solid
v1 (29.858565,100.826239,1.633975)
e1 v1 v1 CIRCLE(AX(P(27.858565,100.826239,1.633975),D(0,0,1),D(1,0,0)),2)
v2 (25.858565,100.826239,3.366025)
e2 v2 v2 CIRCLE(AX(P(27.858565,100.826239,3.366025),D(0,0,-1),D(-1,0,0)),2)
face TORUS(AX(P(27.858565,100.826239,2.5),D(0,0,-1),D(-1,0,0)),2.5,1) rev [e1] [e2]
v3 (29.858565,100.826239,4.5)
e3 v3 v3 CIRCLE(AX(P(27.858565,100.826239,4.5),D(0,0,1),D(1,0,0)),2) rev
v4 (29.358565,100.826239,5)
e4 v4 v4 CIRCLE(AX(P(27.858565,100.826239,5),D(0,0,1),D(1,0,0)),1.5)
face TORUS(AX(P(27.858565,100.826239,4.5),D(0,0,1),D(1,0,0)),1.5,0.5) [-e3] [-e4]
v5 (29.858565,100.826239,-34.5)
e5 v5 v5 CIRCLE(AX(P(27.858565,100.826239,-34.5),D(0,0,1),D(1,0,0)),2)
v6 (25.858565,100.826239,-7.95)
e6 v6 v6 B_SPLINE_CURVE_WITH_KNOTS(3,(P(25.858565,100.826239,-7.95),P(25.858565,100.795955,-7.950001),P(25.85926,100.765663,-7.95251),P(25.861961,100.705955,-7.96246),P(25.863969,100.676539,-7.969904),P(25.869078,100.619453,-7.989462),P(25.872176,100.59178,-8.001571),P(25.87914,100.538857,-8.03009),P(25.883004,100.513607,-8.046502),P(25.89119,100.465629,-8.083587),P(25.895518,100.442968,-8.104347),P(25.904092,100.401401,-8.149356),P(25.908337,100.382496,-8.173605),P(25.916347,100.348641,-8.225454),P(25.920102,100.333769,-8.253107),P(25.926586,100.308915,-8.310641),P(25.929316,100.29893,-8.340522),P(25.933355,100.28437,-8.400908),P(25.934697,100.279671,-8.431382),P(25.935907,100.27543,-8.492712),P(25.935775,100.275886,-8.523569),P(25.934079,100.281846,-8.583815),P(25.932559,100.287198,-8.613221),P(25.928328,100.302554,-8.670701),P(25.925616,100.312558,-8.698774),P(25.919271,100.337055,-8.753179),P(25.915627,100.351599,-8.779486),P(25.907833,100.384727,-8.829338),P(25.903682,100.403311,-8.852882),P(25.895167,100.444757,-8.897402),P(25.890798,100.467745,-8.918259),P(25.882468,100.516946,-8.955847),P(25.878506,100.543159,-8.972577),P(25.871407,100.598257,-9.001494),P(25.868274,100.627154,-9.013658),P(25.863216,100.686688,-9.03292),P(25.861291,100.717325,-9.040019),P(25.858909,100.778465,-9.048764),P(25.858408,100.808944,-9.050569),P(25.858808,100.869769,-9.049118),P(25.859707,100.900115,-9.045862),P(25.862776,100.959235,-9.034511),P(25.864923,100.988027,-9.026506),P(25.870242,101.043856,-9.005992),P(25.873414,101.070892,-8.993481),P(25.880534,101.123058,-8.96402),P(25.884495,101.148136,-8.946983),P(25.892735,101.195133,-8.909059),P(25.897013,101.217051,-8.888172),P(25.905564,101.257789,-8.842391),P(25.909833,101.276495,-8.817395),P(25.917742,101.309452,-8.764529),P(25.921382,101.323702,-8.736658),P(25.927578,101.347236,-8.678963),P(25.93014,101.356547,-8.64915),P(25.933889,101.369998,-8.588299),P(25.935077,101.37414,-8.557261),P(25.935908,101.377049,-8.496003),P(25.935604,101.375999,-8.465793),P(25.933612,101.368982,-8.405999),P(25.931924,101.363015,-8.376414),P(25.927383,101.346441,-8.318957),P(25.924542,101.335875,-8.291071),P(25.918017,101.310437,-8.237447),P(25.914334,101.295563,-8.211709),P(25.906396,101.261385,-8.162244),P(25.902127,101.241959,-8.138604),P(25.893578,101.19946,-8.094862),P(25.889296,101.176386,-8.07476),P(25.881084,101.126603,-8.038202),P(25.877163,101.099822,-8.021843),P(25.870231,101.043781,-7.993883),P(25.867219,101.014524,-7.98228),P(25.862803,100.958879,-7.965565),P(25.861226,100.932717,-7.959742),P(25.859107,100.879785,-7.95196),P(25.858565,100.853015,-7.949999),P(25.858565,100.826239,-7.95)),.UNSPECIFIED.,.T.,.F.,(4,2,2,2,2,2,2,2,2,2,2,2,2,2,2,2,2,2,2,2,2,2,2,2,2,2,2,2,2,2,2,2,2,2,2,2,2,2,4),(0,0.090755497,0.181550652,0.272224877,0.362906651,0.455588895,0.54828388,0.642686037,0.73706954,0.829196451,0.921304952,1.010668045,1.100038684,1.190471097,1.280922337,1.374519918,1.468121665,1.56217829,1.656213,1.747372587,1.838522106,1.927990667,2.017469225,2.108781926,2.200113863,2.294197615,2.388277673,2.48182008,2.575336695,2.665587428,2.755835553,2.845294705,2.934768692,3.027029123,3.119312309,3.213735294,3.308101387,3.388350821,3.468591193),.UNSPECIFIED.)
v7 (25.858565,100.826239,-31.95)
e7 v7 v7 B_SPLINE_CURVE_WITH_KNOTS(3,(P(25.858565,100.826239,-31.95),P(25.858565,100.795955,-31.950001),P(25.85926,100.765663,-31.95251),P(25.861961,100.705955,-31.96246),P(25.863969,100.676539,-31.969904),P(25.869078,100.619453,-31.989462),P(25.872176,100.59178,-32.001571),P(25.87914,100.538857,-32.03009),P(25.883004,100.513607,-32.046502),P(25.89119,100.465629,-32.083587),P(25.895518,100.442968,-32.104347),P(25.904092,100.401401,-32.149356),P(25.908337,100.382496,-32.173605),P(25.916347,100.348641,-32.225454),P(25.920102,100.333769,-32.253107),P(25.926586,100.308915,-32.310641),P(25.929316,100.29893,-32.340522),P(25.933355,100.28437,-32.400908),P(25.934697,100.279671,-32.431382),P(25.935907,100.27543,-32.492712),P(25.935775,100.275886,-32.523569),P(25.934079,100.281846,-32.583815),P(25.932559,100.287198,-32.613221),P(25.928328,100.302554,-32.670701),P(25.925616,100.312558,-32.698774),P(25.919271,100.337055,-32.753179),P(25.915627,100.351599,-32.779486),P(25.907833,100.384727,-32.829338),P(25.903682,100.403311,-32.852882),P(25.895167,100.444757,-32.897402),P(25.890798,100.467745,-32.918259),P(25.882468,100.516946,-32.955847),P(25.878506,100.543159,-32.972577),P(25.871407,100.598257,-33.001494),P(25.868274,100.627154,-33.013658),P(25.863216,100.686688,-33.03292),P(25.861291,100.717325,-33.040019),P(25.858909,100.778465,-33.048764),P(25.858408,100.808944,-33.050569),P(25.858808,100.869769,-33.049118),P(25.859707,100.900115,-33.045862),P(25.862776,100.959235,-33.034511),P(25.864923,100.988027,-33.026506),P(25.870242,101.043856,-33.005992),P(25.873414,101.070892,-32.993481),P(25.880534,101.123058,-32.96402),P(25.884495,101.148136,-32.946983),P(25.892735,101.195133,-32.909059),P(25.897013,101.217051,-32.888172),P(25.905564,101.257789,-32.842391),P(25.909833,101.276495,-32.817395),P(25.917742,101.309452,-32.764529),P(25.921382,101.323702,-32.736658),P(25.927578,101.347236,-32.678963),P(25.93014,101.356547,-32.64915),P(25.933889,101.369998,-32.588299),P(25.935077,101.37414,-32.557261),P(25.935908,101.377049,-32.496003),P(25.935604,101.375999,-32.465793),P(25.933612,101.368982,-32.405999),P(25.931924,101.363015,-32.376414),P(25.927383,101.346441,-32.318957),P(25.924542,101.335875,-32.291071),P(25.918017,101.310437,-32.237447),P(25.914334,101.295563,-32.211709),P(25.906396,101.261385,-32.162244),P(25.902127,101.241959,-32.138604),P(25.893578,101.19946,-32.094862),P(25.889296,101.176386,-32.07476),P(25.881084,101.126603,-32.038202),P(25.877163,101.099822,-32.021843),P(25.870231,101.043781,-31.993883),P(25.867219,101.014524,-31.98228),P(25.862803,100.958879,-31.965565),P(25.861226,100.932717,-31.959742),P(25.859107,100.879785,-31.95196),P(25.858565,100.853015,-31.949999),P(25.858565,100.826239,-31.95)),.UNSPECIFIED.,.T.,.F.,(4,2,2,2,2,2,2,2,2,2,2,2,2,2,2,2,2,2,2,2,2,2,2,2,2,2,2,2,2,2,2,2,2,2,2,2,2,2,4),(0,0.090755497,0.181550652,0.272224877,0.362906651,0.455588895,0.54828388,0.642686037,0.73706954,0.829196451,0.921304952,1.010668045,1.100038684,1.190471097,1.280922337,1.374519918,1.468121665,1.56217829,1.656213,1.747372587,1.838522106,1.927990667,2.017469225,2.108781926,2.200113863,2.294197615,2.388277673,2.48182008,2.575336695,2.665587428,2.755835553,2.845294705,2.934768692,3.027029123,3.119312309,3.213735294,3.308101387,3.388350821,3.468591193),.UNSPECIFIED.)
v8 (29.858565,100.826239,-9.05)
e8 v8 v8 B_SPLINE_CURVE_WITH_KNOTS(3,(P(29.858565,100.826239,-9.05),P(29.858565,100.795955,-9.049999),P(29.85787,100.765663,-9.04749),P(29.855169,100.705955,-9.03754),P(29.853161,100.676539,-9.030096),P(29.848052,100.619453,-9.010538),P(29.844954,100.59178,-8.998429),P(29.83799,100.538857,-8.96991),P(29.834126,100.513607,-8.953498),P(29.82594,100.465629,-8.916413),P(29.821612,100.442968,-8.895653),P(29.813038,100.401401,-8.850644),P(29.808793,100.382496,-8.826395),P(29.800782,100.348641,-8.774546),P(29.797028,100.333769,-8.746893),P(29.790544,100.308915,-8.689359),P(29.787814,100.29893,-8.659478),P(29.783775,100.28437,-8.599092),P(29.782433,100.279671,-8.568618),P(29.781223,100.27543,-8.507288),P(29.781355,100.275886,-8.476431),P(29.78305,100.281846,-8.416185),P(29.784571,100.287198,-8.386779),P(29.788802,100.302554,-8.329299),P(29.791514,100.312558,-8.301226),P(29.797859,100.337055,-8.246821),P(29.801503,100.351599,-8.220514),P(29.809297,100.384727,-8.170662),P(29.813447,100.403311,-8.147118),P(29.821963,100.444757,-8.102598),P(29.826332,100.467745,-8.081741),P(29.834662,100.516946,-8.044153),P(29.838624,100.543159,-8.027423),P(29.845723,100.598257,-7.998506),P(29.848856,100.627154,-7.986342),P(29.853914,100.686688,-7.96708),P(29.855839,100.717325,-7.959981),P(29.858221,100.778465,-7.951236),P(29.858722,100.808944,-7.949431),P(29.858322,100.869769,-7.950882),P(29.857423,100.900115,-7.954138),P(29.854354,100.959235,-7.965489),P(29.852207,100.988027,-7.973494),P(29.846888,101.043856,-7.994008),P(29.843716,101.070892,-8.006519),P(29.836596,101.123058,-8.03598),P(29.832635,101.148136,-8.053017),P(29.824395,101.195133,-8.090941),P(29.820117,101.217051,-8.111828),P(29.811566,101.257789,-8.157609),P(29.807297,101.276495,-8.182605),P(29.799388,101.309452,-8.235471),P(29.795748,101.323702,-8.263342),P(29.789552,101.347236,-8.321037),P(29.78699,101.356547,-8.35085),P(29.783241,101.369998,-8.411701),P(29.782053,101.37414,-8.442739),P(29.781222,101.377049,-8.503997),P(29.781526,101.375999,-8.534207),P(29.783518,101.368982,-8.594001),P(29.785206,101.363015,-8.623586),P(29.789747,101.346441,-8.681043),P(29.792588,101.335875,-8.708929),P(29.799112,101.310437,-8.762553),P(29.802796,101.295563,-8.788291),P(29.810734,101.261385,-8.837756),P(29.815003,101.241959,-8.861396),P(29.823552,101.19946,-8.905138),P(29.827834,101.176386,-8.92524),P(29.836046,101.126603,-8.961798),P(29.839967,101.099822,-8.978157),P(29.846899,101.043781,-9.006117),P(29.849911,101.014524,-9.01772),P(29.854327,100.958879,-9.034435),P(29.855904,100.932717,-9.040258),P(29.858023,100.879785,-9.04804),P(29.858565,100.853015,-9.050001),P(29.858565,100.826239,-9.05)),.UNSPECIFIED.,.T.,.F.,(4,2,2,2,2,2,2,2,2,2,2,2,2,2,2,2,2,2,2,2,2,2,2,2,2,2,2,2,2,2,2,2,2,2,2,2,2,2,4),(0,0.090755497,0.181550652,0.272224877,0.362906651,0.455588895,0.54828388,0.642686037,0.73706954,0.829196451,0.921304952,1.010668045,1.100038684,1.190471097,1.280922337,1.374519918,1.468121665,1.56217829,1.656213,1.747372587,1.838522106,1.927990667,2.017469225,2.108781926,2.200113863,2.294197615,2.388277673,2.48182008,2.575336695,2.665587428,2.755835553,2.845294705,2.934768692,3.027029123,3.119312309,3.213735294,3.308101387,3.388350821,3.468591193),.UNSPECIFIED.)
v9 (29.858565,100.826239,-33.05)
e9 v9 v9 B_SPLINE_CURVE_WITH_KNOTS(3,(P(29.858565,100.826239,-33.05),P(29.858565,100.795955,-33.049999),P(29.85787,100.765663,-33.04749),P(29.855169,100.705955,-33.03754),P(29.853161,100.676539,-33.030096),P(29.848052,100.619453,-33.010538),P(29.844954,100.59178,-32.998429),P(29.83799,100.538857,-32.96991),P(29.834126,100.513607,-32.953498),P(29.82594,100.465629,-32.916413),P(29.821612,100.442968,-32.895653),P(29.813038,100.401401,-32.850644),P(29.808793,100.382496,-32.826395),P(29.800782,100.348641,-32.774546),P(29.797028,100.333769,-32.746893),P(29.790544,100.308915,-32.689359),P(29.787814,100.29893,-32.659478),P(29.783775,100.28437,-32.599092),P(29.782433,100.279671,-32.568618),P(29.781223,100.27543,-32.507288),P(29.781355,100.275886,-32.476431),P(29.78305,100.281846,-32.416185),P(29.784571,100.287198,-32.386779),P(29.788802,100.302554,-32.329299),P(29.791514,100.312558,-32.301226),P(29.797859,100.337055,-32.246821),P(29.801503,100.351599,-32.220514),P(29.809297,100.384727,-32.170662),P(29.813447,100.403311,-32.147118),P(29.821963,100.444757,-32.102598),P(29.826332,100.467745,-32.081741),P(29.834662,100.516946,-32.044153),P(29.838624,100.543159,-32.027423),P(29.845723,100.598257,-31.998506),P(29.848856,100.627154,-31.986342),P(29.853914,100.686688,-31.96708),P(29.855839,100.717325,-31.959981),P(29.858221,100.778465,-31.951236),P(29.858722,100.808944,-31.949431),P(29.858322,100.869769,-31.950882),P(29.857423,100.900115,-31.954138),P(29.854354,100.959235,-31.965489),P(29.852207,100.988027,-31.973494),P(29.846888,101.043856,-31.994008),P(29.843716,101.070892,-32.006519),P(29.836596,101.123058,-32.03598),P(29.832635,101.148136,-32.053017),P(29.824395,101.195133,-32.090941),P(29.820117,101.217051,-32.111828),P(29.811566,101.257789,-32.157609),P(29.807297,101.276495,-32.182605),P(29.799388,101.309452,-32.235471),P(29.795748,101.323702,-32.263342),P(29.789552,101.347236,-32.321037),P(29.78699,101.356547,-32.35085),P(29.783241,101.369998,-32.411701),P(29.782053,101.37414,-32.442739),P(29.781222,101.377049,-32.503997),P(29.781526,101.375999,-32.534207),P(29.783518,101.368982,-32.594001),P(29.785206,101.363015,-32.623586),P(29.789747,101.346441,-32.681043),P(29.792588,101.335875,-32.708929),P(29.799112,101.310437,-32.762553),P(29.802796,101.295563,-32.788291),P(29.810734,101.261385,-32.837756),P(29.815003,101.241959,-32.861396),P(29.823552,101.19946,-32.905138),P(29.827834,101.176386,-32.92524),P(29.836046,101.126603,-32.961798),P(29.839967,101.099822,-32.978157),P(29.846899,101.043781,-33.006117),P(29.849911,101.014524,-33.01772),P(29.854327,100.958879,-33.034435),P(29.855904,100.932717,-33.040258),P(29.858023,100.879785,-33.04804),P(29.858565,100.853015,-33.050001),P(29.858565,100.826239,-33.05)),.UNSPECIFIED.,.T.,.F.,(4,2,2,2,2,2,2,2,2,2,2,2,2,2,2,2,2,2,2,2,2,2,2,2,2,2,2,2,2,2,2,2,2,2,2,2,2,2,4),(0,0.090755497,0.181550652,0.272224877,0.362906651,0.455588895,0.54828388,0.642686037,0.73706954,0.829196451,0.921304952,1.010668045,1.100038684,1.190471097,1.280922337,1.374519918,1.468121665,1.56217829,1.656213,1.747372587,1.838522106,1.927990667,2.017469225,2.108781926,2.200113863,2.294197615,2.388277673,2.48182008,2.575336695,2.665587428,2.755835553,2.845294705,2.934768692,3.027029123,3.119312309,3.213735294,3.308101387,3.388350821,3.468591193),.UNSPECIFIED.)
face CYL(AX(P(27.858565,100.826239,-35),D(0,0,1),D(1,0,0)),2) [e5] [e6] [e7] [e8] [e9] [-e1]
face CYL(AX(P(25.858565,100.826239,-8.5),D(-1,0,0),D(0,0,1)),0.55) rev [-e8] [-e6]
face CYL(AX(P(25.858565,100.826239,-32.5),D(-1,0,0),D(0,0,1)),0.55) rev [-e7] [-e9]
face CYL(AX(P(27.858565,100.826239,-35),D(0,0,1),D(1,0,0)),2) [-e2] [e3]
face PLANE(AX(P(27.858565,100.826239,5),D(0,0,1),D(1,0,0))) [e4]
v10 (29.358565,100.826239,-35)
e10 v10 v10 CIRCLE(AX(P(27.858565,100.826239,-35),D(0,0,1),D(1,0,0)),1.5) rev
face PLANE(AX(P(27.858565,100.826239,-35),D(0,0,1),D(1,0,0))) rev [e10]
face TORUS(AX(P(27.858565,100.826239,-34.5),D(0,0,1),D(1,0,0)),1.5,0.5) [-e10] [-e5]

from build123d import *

# Parameters (mm, degrees)
SKETCH1_R               = 2
BOSS_EXTRUDE1_DEPTH     = 35
SKETCH2_R               = 2
BOSS_EXTRUDE2_DEPTH     = 5
SKETCH3_R               = 1
FILLET1_R               = 0.5
SKETCH4_R               = 0.55
CUT_EXTRUDE1_DEPTH      = 30.858564979
CUT_EXTRUDE1_DEPTH_BACK = 1


with BuildPart() as part:
    # Sketch1 → Boss-Extrude1 (new body)
    with BuildSketch(Plane.XY):
        with Locations((27.858564979, 100.826239149)):
            Circle(SKETCH1_R)
    extrude(amount=-BOSS_EXTRUDE1_DEPTH)

    # Sketch2 → Boss-Extrude2 (add)
    with BuildSketch(Plane.XY):
        with Locations((27.858564979, 100.826239149)):
            Circle(SKETCH2_R)
    extrude(amount=BOSS_EXTRUDE2_DEPTH)

    # Sketch3 → Cut-Revolve1 (revolve, cut)
    with BuildSketch(Plane(origin=(27.858564979, 0, 0), x_dir=(0, 0, -1), z_dir=(1, 0, 0))):
        with Locations((-2.5, 103.326239149)):
            Circle(SKETCH3_R)
    revolve(axis=Axis((27.858564979, 100.826239149, -35), (0, 0, 1)), mode=Mode.SUBTRACT)

    # Fillet1
    fillet1_edges = [part.edges().sort_by_distance(p)[0] for p in [
        (25.858564979, 100.826239149, -35),
        (25.858564979, 100.826239149, 5),
    ]]
    fillet(fillet1_edges, radius=FILLET1_R)

    # Sketch4 → Cut-Extrude1 (cut, two sides)
    with BuildSketch(Plane(origin=(0, 0, 0), x_dir=(0, 0, -1), z_dir=(1, 0, 0))) as cut_extrude1_sk:
        with Locations((32.5, 100.826239149)):
            Circle(SKETCH4_R)
        with Locations((8.5, 100.826239149)):
            Circle(SKETCH4_R)
    extrude(amount=CUT_EXTRUDE1_DEPTH, mode=Mode.SUBTRACT)
    extrude(cut_extrude1_sk.sketch, amount=-CUT_EXTRUDE1_DEPTH_BACK, mode=Mode.SUBTRACT)


solid = part.part
